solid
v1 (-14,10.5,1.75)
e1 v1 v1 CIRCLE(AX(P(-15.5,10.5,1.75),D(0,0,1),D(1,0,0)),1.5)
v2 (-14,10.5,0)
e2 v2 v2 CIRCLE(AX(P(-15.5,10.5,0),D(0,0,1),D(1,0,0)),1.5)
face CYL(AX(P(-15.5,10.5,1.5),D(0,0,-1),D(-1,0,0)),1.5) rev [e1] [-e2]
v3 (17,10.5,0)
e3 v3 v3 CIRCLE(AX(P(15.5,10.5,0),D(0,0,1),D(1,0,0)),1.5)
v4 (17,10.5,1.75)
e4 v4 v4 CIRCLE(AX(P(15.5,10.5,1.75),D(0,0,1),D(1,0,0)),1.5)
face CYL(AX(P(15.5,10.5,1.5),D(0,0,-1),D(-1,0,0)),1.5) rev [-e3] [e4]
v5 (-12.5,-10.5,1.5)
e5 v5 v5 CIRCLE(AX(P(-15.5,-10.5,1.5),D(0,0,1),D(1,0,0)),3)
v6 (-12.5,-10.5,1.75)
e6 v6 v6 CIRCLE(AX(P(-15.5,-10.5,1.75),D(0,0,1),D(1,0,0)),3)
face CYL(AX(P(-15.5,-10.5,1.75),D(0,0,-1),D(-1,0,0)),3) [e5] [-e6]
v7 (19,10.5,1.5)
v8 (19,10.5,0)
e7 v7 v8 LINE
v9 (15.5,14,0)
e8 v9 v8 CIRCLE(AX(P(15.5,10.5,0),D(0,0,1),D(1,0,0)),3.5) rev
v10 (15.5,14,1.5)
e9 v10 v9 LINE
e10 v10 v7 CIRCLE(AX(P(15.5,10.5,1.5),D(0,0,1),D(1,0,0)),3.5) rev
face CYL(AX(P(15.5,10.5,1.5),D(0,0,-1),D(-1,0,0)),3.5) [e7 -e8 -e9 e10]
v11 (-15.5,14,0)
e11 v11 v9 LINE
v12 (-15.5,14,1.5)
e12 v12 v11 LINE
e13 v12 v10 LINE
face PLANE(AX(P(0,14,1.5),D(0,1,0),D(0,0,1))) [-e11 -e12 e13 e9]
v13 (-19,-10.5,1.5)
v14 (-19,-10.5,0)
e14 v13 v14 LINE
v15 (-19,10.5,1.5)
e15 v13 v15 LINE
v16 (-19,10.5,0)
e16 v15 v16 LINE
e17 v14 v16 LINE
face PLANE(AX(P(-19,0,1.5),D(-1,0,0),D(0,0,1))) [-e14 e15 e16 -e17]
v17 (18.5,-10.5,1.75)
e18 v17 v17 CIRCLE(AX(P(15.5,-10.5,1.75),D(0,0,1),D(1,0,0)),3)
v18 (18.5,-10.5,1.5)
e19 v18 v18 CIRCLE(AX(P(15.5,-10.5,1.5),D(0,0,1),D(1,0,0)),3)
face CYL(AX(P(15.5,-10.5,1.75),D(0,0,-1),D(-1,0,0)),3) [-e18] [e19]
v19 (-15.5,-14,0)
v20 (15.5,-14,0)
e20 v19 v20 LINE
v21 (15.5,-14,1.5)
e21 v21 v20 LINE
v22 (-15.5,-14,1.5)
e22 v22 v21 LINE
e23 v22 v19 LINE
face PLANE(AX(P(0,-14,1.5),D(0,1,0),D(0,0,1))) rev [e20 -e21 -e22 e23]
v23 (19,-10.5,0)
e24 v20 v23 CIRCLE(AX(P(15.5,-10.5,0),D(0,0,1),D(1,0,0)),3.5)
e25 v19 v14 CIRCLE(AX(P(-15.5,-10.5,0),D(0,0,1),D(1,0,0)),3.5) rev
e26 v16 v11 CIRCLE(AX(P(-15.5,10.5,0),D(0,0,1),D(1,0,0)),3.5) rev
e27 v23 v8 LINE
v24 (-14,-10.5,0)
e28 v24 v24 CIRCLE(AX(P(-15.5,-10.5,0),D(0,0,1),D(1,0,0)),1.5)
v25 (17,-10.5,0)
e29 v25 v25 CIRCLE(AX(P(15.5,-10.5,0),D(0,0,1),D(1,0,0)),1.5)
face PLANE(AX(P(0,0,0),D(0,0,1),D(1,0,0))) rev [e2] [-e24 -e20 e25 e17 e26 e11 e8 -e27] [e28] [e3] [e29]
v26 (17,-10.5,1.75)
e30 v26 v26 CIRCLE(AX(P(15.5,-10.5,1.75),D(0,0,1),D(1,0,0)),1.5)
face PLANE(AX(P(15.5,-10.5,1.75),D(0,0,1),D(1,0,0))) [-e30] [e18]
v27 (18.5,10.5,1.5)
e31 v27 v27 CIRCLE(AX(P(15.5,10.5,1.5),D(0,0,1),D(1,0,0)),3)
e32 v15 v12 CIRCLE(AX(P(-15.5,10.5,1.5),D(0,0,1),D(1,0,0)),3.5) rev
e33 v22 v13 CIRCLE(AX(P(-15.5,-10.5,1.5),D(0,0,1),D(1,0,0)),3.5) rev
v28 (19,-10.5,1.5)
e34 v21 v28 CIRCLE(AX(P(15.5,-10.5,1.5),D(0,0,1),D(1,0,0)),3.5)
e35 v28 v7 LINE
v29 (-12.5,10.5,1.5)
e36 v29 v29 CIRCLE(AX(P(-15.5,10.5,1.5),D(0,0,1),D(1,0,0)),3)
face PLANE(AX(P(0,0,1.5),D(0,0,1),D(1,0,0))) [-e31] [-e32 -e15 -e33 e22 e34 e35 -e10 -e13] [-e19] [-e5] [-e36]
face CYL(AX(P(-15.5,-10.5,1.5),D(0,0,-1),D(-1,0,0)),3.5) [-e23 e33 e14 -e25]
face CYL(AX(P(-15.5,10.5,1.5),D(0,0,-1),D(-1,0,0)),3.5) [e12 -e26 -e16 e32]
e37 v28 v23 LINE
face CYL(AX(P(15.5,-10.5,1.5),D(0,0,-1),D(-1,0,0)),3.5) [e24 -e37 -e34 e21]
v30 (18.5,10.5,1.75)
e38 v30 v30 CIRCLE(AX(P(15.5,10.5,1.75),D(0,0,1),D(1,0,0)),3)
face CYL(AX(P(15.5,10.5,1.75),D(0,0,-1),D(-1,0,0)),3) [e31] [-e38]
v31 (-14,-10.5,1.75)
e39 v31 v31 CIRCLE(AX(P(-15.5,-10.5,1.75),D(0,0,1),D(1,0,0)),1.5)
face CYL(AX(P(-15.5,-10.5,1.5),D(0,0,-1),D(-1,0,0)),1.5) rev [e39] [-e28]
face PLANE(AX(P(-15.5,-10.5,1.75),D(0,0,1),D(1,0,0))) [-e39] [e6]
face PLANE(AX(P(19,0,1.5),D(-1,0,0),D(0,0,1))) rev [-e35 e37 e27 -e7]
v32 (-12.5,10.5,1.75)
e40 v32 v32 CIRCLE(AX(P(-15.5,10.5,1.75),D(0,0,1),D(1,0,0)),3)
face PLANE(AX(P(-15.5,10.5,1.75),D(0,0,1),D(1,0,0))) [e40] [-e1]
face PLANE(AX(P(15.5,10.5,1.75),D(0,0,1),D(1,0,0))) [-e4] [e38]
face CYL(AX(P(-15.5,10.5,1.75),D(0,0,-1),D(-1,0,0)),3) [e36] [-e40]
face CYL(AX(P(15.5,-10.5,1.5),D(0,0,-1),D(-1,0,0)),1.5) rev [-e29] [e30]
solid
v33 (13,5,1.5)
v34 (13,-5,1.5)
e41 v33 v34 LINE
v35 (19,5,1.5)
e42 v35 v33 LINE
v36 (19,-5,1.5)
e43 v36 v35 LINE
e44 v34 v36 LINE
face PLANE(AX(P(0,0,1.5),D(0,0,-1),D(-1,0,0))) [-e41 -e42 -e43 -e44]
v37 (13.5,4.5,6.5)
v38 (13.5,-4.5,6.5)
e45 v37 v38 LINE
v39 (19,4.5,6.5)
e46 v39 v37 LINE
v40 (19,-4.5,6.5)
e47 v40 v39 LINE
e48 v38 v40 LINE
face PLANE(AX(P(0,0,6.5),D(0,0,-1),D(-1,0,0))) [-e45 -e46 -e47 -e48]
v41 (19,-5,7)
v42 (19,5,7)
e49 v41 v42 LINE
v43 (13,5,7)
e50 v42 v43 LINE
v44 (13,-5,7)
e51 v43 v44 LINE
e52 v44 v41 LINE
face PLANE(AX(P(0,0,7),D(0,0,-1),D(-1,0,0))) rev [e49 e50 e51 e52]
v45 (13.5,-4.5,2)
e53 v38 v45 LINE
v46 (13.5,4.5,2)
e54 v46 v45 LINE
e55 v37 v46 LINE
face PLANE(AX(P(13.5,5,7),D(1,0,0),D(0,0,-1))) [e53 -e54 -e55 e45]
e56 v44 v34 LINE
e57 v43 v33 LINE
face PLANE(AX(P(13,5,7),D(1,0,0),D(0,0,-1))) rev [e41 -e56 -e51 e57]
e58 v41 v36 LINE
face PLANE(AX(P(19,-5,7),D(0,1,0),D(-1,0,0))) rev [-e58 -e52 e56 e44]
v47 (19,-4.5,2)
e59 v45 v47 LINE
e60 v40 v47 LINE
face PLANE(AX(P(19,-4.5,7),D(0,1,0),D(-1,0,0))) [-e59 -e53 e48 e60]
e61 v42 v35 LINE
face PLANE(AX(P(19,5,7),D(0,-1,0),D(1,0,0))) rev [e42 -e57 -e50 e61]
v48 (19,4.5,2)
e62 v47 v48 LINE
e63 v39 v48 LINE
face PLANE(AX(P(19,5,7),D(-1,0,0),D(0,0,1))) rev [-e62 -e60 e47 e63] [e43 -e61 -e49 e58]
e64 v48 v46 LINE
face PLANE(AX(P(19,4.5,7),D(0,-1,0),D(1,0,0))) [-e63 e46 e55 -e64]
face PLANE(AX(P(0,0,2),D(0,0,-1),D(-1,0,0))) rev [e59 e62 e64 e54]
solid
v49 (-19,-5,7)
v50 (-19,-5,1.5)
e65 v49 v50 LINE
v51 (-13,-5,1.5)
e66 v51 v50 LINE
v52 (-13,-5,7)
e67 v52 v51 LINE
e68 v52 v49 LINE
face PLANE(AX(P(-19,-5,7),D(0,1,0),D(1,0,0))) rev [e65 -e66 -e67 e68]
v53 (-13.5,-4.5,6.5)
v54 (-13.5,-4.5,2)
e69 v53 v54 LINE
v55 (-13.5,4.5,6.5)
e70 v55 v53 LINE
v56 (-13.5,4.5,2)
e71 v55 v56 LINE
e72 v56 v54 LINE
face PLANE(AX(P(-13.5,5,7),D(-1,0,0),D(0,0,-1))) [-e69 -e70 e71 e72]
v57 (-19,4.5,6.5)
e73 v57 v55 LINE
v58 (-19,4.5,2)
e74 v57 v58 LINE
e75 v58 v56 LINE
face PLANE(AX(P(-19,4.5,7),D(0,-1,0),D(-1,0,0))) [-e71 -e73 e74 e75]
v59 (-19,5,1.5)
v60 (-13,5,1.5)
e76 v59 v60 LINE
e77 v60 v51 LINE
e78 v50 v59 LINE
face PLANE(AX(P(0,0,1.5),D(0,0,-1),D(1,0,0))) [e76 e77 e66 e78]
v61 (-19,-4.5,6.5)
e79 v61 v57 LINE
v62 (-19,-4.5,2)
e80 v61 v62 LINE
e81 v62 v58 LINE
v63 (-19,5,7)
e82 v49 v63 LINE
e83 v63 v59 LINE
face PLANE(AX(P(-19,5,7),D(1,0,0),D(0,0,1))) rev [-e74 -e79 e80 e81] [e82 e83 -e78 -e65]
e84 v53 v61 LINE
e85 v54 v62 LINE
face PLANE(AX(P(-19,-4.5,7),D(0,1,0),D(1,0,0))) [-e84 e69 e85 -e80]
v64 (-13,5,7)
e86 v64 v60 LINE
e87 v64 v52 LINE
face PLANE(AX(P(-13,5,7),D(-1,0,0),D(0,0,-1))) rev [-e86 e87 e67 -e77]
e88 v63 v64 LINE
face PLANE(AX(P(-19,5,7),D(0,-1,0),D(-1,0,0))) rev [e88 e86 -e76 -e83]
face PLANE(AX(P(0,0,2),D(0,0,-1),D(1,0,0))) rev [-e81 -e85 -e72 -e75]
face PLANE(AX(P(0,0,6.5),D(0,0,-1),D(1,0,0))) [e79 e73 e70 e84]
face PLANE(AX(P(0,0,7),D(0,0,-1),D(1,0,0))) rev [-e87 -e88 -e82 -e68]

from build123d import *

# Parameters (mm, degrees)
ESQUISSE1_R        = 1.5
BOSS_EXTRU_1_DEPTH = 1.5
ESQUISSE2_R        = 3
ESQUISSE2_R_2      = 1.5
BOSS_EXTRU_2_DEPTH = 0.25
ESQUISSE11_W       = 6
ESQUISSE11_H       = 10
BOSS_EXTRU_9_DEPTH = 5.5
COQUE1_T           = -0.5


with BuildPart() as part:
    # Esquisse1 → Boss.-Extru.1 (new body)
    with BuildSketch(Plane.XY):
        with BuildLine():
            ThreePointArc((-19, 10.5), (-17.974873734, 12.974873734), (-15.5, 14))
            Line((-15.5, 14), (15.5, 14))
            ThreePointArc((15.5, 14), (17.974873734, 12.974873734), (19, 10.5))
            Line((19, 10.5), (19, -10.5))
            ThreePointArc((19, -10.5), (17.974873734, -12.974873734), (15.5, -14))
            Line((15.5, -14), (-15.5, -14))
            ThreePointArc((-15.5, -14), (-17.974873734, -12.974873734), (-19, -10.5))
            Line((-19, -10.5), (-19, 10.5))
        make_face()
        with Locations((15.5, -10.5)):
            Circle(ESQUISSE1_R, mode=Mode.SUBTRACT)
        with Locations((15.5, 10.5)):
            Circle(ESQUISSE1_R, mode=Mode.SUBTRACT)
        with Locations((-15.5, -10.5)):
            Circle(ESQUISSE1_R, mode=Mode.SUBTRACT)
        with Locations((-15.5, 10.5)):
            Circle(ESQUISSE1_R, mode=Mode.SUBTRACT)
    extrude(amount=BOSS_EXTRU_1_DEPTH)

    # Esquisse2 → Boss.-Extru.2 (add)
    # profile 1 of 4: a face of its own
    with BuildSketch(Plane.XY.offset(1.5)):
        with Locations((15.5, 10.5)):
            Circle(ESQUISSE2_R)
        with Locations((15.5, 10.5)):
            Circle(ESQUISSE2_R_2, mode=Mode.SUBTRACT)
    # profile 2 of 4: a face of its own
    with BuildSketch(Plane.XY.offset(1.5)):
        with Locations((-15.5, 10.5)):
            Circle(ESQUISSE2_R)
        with Locations((-15.5, 10.5)):
            Circle(ESQUISSE2_R_2, mode=Mode.SUBTRACT)
    # profile 3 of 4: a face of its own
    with BuildSketch(Plane.XY.offset(1.5)):
        with Locations((-15.5, -10.5)):
            Circle(ESQUISSE2_R)
        with Locations((-15.5, -10.5)):
            Circle(ESQUISSE2_R_2, mode=Mode.SUBTRACT)
    # profile 4 of 4: a face of its own
    with BuildSketch(Plane.XY.offset(1.5)):
        with Locations((15.5, -10.5)):
            Circle(ESQUISSE2_R)
        with Locations((15.5, -10.5)):
            Circle(ESQUISSE2_R_2, mode=Mode.SUBTRACT)
    extrude(amount=BOSS_EXTRU_2_DEPTH)


with BuildPart() as body_2:
    # Esquisse11 → Boss.-Extru.9 (new body)
    with BuildSketch(Plane.XY.offset(1.5)):
        with Locations((16, 0)):
            Rectangle(ESQUISSE11_W, ESQUISSE11_H)
    extrude(amount=BOSS_EXTRU_9_DEPTH)

    # Coque1
    coque1_openings = [body_2.faces().sort_by_distance(p)[0] for p in [
        (19, 0, 4.25),
    ]]
    offset(amount=COQUE1_T, openings=coque1_openings, kind=Kind.INTERSECTION)


with BuildPart() as body_3:
    # Symétrie1: mirrored copy
    add(body_2.part.mirror(Plane(origin=(0, 0, 0), x_dir=(0, 0, 1), z_dir=(1, 0, 0))))


solid = Compound([part.part, body_2.part, body_3.part])
